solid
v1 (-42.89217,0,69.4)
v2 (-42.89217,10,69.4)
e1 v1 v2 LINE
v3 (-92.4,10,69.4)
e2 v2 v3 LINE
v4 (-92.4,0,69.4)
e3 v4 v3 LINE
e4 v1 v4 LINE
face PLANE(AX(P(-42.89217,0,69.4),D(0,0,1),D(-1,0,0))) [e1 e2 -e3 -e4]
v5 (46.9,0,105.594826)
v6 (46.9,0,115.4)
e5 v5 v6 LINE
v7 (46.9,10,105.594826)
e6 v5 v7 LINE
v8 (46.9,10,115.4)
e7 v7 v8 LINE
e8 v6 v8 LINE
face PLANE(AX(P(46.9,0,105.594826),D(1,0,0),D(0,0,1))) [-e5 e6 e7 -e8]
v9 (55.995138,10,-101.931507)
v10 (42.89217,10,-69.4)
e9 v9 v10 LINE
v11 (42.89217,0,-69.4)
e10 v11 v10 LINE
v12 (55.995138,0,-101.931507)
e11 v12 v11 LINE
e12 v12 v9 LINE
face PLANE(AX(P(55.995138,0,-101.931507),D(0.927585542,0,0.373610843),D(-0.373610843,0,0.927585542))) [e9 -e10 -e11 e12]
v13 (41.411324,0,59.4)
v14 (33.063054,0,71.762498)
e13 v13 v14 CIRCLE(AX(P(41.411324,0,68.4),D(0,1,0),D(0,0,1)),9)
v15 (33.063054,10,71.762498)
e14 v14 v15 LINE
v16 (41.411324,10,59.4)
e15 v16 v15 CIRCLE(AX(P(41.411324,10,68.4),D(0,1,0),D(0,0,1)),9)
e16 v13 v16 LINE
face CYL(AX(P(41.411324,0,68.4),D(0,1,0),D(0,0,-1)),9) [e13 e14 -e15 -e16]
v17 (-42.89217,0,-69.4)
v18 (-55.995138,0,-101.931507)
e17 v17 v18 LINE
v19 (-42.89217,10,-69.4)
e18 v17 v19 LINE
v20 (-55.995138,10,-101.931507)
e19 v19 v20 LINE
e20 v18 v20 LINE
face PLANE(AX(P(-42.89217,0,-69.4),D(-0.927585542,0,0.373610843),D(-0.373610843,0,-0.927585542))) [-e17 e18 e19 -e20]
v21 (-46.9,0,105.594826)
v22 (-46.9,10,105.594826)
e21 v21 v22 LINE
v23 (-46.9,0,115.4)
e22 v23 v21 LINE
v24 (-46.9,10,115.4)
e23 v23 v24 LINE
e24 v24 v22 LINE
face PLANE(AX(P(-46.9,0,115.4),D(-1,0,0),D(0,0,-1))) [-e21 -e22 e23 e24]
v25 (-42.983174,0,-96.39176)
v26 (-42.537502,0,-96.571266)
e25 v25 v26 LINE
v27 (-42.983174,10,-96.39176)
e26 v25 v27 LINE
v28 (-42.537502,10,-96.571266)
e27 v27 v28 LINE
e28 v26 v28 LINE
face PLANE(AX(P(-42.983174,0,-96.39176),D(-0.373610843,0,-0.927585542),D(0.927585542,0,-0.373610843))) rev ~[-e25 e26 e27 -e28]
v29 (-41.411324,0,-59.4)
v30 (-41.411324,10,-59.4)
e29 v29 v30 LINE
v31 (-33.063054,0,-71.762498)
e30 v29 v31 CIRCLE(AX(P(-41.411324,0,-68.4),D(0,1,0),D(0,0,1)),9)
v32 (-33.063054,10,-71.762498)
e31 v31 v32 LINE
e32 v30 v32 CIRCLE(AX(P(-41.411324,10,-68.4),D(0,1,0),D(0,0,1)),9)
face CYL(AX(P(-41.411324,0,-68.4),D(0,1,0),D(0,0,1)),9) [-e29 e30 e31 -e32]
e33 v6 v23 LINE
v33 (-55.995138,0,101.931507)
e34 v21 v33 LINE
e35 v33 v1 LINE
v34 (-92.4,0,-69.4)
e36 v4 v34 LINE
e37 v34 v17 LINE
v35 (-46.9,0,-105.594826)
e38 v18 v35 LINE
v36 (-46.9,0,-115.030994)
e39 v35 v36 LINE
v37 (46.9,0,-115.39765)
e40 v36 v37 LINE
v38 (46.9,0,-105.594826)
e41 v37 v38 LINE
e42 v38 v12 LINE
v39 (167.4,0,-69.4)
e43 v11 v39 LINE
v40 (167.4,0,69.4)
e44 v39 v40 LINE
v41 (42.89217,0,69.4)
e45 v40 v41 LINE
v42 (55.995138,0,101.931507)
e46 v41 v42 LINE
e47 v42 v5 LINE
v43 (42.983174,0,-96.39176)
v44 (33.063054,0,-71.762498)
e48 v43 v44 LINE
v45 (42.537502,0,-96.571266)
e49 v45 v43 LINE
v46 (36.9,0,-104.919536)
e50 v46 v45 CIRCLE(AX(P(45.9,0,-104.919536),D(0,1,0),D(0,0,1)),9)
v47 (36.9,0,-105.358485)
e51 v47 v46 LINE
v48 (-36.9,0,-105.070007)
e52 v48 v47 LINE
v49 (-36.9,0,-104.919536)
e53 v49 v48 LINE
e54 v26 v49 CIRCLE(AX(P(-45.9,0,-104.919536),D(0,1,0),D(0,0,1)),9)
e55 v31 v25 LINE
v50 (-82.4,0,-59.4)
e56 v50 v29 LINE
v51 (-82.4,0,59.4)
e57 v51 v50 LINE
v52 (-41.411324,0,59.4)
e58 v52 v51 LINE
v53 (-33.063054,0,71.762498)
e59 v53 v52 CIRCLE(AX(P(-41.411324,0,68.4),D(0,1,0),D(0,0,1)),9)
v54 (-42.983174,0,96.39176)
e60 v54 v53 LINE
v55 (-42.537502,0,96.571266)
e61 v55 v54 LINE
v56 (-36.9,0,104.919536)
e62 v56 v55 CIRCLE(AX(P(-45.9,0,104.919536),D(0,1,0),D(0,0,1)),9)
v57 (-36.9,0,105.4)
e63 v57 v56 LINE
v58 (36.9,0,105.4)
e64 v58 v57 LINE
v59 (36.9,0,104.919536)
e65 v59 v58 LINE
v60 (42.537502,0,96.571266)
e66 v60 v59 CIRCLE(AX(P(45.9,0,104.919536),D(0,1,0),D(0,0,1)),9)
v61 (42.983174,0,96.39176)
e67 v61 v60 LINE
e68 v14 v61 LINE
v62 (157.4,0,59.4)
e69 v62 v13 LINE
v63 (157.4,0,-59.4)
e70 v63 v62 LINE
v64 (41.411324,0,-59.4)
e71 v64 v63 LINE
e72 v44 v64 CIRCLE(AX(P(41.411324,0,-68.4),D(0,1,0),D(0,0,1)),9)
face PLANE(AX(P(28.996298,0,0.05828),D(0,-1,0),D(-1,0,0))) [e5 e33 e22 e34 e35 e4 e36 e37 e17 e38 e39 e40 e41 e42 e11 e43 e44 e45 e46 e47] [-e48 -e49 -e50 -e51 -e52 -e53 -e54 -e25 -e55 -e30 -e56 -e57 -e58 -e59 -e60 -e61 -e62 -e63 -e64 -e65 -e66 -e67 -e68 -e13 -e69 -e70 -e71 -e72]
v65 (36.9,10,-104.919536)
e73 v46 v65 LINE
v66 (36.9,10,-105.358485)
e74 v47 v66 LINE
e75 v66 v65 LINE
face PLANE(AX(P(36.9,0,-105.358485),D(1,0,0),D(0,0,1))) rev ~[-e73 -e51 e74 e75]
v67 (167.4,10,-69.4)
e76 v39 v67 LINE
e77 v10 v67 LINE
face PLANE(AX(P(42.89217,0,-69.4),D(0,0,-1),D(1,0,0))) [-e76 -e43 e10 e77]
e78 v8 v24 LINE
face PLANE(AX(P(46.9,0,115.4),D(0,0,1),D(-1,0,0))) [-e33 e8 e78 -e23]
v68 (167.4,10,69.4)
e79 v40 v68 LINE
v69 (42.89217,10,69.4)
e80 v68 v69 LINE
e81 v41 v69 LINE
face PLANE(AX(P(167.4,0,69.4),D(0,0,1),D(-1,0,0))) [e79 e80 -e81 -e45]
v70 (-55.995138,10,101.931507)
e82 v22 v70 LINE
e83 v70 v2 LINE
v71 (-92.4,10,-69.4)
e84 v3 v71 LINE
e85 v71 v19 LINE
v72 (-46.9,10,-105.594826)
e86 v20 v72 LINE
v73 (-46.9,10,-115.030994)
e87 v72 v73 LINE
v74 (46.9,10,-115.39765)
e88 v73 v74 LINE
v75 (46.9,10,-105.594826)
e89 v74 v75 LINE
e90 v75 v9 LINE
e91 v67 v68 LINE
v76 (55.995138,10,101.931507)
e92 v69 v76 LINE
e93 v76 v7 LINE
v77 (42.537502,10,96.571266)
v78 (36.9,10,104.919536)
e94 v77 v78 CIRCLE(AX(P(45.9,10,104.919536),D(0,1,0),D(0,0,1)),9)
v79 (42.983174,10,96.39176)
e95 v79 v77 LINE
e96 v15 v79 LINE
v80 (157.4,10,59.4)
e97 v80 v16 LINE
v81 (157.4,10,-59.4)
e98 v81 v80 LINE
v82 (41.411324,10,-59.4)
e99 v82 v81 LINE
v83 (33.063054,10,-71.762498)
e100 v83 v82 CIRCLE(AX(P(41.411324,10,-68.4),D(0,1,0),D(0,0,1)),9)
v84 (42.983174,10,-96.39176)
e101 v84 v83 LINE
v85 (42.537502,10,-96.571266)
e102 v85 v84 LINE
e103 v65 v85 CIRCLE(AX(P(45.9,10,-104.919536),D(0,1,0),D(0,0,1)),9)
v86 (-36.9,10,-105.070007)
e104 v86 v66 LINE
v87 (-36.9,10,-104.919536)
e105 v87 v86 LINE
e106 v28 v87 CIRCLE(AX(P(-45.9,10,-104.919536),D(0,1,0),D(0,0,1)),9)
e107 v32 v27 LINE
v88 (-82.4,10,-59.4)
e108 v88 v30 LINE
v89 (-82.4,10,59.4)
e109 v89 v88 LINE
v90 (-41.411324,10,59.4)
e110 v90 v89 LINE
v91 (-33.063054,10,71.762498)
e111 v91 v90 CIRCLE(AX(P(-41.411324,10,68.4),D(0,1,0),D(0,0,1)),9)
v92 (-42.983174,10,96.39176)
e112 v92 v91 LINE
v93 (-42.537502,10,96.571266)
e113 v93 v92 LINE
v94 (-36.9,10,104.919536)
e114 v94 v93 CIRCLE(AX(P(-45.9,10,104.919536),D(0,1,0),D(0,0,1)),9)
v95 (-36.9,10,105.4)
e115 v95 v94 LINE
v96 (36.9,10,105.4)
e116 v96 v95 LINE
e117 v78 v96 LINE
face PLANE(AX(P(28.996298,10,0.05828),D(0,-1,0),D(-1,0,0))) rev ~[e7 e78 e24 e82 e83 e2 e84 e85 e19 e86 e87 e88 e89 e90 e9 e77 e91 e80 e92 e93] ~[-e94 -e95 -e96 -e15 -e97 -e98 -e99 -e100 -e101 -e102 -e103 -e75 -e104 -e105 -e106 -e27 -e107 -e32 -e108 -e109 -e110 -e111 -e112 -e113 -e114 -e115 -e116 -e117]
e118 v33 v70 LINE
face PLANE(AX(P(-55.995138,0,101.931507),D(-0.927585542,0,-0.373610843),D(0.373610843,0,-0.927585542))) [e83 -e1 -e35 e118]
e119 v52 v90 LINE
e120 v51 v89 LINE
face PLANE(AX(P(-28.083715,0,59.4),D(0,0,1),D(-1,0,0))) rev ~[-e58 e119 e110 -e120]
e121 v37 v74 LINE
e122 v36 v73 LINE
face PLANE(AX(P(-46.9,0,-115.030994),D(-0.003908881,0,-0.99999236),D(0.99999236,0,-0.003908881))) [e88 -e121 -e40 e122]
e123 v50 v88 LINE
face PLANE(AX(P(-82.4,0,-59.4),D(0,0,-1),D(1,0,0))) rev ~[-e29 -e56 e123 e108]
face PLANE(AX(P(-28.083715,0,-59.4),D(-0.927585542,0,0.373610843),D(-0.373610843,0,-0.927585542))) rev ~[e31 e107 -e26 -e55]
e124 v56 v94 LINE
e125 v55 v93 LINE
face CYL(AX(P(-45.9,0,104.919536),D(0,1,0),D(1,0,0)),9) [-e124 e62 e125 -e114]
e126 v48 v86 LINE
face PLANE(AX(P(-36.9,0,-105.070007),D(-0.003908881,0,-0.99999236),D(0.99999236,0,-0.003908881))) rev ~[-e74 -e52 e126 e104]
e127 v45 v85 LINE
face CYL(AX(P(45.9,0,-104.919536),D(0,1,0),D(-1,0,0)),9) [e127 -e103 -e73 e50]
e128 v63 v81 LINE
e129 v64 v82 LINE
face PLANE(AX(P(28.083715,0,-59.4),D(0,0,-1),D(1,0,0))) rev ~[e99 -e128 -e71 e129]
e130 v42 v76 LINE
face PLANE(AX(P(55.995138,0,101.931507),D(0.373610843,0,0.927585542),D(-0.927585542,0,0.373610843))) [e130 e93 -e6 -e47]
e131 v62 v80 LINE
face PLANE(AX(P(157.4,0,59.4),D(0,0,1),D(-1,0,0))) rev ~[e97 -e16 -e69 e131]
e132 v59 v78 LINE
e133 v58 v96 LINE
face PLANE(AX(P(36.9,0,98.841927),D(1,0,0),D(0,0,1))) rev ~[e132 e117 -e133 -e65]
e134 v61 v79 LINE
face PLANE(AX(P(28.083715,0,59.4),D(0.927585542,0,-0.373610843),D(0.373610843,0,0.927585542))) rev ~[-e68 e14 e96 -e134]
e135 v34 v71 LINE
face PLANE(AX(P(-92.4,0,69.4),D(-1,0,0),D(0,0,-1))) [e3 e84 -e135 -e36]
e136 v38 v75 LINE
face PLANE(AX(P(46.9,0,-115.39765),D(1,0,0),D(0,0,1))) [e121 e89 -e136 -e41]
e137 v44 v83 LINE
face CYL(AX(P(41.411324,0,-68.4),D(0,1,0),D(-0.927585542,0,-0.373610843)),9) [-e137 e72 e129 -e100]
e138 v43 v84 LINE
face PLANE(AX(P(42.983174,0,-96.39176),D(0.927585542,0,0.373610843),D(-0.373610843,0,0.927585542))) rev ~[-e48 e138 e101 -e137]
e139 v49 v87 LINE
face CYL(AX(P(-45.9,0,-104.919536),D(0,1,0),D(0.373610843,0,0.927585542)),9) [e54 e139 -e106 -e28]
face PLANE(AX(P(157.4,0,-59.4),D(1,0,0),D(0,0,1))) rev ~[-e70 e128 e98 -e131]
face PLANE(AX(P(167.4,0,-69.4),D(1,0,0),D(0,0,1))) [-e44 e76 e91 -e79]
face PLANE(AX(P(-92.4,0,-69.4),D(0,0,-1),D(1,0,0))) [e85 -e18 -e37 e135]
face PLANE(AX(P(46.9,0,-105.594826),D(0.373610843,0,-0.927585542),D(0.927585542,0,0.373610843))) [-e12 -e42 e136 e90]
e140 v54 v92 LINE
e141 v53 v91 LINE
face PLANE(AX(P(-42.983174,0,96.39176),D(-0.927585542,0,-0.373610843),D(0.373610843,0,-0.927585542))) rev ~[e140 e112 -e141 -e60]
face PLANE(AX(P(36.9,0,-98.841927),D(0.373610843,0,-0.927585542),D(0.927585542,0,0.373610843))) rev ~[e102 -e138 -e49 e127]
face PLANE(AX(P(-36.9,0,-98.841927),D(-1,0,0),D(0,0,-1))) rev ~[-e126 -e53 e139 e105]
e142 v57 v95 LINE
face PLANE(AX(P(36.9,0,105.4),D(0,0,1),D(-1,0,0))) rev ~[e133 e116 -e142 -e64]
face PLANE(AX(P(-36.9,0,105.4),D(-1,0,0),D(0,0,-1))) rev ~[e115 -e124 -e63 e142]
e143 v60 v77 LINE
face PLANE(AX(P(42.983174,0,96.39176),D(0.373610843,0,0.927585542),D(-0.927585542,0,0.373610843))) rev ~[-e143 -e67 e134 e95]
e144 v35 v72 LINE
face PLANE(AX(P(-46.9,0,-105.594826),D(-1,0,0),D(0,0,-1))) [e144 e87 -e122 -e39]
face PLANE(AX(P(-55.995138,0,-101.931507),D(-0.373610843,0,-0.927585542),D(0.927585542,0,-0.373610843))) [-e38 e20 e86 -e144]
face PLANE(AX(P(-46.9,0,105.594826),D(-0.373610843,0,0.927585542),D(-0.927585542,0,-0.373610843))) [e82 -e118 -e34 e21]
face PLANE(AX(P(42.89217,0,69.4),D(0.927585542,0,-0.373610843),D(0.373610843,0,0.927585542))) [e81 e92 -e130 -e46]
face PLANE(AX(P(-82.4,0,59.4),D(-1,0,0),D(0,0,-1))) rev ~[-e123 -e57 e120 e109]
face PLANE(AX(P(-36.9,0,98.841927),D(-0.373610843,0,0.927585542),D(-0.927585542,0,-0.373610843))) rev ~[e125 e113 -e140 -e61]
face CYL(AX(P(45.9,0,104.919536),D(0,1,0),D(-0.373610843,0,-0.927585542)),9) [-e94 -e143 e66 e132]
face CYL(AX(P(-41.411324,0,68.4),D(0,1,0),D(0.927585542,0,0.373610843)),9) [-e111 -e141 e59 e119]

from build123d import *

# Parameters (mm, degrees)
BOSS_EXTRUDE2_DEPTH = 10
FILLET2_R           = 9


with BuildPart() as part:
    # Sketch2 → Boss-Extrude2 (new body)
    with BuildSketch(Plane(origin=(0, 0, 0), x_dir=(1, 0, 0), z_dir=(0, 1, 0))):
        Polygon((-92.4, -69.4), (-92.4, 69.4), (-42.892169593, 69.4), (-55.995137589, 101.931506748), (-46.9, 105.594826054), (-46.9, 115.030994267), (46.9, 115.39765007), (46.9, 105.594826054), (55.995137589, 101.931506748), (42.892169593, 69.4), (167.4, 69.4), (167.4, -69.4), (42.892169593, -69.4), (55.995137589, -101.931506748), (46.9, -105.594826054), (46.9, -115.4), (-46.9, -115.4), (-46.9, -105.594826054), (-55.995137589, -101.931506748), (-42.892169593, -69.4), align=None)
        Polygon((-82.4, -59.4), (-82.4, 59.4), (-28.083714943, 59.4), (-42.983173736, 96.391759761), (-36.9, 98.84192696), (-36.9, 105.070006974), (36.9, 105.358484567), (36.9, 98.84192696), (42.983173736, 96.391759761), (28.083714943, 59.4), (157.4, 59.4), (157.4, -59.4), (28.083714943, -59.4), (42.983173736, -96.391759761), (36.9, -98.84192696), (36.9, -105.4), (-36.9, -105.4), (-36.9, -98.84192696), (-42.983173736, -96.391759761), (-28.083714943, -59.4), align=None, mode=Mode.SUBTRACT)
    extrude(amount=BOSS_EXTRUDE2_DEPTH)

    # Fillet2
    fillet2_edges = [part.edges().sort_by_distance(p)[0] for p in [
        (-28.083714943, 5, 59.4),
        (-36.9, 5, 98.84192696),
        (36.9, 5, 98.84192696),
        (28.083714943, 5, 59.4),
        (28.083714943, 5, -59.4),
        (36.9, 5, -98.84192696),
        (-36.9, 5, -98.84192696),
        (-28.083714943, 5, -59.4),
    ]]
    fillet(fillet2_edges, radius=FILLET2_R)


solid = part.part
